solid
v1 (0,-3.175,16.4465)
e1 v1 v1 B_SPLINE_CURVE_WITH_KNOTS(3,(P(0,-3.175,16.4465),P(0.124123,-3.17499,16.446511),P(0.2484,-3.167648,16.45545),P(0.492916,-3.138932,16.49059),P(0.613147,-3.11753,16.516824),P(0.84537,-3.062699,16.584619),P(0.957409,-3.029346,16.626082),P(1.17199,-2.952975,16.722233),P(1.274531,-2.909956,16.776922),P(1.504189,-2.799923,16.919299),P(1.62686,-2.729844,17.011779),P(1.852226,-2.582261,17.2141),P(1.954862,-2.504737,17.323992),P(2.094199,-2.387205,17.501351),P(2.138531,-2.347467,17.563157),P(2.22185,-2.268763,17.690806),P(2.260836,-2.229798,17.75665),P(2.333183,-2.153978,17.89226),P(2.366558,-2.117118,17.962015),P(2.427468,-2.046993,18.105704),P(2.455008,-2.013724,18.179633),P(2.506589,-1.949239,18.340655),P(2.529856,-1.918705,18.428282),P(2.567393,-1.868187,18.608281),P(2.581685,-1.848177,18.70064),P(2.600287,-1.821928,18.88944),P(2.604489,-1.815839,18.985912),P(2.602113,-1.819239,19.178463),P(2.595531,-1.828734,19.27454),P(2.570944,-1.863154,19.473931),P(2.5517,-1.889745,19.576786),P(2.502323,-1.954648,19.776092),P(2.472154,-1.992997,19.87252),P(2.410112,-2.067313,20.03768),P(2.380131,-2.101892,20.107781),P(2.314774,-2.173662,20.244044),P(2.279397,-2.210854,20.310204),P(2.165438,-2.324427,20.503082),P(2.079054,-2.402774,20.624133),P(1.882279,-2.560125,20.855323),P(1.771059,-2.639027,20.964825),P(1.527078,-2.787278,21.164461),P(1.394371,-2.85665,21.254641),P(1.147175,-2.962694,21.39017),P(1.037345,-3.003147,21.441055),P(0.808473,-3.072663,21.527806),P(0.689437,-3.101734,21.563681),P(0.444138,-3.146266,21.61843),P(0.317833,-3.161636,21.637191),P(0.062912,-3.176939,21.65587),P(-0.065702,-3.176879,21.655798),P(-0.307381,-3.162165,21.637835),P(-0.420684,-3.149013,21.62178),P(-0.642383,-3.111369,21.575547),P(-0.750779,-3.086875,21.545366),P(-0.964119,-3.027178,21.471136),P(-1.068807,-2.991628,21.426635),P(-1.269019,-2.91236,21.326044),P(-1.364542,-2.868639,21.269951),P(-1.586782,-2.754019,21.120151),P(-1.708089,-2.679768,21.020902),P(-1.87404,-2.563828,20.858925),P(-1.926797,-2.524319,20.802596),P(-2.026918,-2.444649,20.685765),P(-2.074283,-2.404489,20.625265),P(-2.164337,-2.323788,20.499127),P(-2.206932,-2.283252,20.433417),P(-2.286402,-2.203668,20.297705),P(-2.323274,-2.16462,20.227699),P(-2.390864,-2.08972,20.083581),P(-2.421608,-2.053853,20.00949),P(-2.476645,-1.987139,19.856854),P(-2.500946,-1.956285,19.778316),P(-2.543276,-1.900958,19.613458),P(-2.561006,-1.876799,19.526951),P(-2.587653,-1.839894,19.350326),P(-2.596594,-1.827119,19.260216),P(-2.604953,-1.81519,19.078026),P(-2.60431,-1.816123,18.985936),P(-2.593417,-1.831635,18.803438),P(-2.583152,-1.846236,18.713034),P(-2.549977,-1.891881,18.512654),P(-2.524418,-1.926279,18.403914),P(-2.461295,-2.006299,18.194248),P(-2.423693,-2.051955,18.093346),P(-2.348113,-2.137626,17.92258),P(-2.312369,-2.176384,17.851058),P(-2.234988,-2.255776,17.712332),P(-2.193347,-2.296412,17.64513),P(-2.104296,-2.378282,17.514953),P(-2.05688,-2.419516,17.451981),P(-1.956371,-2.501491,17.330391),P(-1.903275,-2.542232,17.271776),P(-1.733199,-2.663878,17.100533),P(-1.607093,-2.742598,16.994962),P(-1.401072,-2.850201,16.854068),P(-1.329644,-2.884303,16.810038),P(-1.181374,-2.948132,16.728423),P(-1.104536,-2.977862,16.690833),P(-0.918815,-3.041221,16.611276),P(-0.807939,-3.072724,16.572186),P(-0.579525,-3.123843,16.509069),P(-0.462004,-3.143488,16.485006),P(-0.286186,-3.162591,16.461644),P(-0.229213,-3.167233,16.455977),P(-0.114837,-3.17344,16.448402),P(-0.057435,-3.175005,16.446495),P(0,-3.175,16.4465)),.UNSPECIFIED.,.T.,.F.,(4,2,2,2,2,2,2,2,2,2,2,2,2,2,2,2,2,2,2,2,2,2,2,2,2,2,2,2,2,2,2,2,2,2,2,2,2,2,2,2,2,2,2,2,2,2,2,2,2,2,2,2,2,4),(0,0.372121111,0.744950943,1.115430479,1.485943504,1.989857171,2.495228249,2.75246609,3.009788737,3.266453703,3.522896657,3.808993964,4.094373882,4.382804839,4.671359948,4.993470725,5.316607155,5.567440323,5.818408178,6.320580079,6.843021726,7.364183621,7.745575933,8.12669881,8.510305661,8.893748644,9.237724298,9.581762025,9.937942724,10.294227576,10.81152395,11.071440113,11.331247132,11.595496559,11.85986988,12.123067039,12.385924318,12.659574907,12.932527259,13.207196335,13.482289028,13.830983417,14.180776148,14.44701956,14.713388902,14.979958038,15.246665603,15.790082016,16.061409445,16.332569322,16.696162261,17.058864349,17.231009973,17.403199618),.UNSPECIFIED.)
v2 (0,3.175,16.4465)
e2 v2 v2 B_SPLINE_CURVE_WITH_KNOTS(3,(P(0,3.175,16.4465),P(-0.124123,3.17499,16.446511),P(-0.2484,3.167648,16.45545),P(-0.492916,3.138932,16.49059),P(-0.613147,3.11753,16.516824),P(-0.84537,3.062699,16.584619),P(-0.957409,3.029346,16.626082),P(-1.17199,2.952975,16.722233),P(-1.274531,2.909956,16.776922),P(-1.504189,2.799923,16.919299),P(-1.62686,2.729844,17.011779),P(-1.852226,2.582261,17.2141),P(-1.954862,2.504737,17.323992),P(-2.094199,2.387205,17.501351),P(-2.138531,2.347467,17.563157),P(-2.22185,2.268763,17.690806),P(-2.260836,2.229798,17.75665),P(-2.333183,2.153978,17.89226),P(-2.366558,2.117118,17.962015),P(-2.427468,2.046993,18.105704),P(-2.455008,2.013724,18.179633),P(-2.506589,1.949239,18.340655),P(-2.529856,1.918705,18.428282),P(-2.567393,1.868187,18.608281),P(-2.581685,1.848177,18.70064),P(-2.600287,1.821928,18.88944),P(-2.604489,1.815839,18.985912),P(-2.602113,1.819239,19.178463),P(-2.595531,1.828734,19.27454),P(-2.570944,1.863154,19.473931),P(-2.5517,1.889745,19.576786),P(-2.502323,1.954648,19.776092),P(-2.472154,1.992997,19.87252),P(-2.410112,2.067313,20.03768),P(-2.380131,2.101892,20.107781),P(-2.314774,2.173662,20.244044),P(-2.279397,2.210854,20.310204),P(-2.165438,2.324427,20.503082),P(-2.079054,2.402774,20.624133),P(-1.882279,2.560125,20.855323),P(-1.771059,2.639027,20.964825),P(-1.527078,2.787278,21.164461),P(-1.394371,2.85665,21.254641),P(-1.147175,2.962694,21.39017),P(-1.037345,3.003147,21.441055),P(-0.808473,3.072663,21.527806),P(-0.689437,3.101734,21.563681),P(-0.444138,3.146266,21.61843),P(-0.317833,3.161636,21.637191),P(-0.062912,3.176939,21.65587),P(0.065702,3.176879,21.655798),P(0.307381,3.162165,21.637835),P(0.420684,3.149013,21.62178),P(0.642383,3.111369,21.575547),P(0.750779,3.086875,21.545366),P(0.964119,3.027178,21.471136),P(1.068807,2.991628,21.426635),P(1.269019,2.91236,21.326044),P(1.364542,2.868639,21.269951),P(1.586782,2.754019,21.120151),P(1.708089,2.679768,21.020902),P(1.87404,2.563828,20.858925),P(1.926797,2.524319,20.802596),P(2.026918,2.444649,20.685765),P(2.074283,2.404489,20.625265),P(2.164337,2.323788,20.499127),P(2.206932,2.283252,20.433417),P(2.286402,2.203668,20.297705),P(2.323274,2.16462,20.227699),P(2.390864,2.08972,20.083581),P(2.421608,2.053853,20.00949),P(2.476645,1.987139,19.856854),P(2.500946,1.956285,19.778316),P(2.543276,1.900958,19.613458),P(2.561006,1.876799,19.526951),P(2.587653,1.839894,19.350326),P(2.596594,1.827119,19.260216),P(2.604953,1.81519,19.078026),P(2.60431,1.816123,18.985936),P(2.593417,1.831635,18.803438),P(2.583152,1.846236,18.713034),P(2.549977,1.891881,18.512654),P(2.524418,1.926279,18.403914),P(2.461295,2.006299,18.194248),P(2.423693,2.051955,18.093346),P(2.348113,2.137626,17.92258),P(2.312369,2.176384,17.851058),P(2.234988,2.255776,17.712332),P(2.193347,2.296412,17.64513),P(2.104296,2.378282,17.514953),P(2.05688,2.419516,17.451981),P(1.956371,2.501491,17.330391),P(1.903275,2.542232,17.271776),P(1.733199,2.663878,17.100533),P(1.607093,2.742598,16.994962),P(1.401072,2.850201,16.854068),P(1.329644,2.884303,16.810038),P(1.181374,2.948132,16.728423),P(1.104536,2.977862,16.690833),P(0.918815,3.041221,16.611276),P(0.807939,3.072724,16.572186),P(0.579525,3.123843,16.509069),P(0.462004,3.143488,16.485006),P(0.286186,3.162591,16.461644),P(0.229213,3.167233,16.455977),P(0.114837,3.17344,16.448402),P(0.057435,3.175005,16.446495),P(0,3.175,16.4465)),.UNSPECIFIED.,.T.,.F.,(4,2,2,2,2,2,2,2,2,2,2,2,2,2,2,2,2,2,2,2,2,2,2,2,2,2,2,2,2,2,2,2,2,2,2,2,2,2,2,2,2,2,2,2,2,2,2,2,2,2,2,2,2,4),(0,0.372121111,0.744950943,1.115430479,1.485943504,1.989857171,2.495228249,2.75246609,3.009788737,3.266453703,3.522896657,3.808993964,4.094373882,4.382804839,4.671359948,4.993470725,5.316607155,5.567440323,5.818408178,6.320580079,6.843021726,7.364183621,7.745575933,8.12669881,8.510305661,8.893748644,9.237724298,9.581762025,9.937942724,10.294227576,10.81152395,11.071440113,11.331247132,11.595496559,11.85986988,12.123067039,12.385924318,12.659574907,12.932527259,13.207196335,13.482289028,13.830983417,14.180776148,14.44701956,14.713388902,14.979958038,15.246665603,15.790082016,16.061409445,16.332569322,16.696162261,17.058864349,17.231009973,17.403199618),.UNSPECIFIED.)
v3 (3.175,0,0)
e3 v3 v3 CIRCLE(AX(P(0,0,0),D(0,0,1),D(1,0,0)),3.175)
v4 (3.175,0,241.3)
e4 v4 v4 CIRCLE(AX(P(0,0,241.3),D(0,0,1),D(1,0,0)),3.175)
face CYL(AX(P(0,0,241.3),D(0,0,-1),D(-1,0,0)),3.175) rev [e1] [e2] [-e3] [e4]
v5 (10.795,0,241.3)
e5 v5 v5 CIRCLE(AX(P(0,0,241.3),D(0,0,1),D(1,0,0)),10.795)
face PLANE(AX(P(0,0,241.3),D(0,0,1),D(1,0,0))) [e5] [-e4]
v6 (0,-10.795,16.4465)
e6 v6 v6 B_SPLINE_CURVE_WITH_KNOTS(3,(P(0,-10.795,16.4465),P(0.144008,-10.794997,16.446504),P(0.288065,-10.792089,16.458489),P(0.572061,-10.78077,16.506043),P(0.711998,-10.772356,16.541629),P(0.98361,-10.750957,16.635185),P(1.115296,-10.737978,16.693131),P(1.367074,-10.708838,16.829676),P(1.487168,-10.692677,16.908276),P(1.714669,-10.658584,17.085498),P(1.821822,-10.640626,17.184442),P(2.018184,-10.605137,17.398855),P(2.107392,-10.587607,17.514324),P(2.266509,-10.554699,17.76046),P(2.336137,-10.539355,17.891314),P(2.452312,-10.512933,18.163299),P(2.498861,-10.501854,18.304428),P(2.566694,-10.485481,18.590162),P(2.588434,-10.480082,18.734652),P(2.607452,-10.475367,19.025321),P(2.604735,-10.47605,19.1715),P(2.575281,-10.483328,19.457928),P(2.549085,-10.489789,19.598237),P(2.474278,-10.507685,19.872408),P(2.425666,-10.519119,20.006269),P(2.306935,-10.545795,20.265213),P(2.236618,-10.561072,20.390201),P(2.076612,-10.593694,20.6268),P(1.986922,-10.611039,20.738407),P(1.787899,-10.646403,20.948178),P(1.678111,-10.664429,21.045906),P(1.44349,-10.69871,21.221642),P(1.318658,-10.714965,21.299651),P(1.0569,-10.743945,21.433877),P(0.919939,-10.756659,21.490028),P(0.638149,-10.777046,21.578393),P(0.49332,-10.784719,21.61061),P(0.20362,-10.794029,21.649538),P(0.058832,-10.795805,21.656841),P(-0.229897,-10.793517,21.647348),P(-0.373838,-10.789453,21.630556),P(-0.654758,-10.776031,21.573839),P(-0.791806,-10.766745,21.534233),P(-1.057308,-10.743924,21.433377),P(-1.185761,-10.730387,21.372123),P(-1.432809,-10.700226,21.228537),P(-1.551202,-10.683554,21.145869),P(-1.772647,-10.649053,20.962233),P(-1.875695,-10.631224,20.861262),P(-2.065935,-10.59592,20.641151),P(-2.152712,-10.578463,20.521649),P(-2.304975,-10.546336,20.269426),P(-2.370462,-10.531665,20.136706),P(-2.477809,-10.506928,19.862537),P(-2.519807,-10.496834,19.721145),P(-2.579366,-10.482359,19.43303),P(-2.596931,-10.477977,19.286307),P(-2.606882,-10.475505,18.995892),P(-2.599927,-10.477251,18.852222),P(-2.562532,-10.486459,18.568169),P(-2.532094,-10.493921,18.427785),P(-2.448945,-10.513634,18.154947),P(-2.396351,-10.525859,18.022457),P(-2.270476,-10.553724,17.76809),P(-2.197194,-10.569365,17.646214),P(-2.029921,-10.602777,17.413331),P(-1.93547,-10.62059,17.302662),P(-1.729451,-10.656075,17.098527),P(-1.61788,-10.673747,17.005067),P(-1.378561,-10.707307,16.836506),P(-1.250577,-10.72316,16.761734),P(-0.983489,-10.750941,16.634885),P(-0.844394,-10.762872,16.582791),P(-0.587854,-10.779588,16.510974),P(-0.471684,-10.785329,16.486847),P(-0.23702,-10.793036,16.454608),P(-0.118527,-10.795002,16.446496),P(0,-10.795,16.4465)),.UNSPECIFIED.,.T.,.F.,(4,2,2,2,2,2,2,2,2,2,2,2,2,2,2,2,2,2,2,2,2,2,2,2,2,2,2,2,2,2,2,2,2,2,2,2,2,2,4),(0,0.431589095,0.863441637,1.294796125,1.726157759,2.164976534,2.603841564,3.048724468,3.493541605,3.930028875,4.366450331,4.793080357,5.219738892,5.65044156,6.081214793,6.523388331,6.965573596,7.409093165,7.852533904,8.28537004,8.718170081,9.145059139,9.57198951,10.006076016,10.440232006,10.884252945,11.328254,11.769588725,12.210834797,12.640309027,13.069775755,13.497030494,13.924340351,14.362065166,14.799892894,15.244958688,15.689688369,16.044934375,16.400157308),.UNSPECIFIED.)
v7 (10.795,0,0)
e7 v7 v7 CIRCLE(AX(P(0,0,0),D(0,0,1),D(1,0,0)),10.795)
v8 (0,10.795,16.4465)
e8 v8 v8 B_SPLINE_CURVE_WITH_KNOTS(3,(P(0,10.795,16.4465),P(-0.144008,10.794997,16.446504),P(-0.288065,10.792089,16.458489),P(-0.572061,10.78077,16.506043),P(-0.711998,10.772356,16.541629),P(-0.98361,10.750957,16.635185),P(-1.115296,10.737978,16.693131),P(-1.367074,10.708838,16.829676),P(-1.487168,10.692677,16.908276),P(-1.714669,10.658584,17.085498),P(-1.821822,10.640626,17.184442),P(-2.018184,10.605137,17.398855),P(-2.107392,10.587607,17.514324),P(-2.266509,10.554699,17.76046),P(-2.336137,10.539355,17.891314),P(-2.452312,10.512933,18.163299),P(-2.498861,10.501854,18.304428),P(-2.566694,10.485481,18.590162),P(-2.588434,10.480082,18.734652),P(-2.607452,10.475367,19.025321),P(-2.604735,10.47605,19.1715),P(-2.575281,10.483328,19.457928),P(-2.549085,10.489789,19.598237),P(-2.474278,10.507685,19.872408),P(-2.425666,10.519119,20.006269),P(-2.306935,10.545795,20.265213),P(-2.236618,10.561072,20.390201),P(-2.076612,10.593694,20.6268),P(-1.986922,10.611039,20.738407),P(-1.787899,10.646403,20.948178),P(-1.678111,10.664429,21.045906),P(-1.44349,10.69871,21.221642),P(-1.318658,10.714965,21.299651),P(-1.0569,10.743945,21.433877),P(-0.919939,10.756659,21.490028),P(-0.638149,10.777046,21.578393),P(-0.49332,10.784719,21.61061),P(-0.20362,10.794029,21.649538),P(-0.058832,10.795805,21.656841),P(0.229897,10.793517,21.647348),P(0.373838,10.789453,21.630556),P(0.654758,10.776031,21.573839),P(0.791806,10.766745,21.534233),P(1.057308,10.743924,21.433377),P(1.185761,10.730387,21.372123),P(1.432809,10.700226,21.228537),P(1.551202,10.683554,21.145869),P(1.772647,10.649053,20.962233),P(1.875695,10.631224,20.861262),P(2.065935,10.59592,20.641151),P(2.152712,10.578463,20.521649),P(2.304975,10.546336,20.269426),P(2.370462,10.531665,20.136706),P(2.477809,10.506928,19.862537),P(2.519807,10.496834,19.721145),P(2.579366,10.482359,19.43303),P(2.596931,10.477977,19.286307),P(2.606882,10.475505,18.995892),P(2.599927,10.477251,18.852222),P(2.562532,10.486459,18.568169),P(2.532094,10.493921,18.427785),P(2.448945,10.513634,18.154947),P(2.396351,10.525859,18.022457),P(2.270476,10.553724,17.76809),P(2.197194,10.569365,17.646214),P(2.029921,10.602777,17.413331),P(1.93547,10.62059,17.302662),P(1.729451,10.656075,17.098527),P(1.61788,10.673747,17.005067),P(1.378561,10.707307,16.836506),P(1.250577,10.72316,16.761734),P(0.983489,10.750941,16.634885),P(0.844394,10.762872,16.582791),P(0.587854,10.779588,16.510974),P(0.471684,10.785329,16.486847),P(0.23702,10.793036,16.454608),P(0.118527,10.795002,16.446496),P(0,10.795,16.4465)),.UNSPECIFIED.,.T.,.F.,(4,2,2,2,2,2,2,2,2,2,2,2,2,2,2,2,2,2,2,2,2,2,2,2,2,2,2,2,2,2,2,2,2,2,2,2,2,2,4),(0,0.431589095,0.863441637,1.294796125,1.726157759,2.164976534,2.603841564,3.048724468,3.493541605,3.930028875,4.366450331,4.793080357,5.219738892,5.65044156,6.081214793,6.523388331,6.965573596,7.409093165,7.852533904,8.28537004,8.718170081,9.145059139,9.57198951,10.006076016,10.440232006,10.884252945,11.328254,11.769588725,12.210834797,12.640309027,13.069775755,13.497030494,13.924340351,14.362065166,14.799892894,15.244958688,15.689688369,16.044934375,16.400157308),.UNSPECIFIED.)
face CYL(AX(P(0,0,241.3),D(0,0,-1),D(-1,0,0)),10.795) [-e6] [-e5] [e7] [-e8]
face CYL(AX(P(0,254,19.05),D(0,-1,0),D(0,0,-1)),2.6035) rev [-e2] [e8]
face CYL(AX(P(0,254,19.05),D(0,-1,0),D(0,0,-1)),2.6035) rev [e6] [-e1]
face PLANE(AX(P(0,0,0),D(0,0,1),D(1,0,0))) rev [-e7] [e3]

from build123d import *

# Parameters (mm, degrees)
SKETCH1_R               = 10.795
SKETCH1_R_2             = 3.175
BOSS_EXTRUDE1_DEPTH     = 241.3
CUT_EXTRUDE1_DEPTH      = 254
CUT_EXTRUDE1_DEPTH_BACK = 254
SKETCH2_R               = 2.6035


with BuildPart() as part:
    # Sketch1 → Boss-Extrude1 (new body)
    with BuildSketch(Plane.XY):
        Circle(SKETCH1_R)
        Circle(SKETCH1_R_2, mode=Mode.SUBTRACT)
    extrude(amount=BOSS_EXTRUDE1_DEPTH)

    # Sketch2 → Cut-Extrude1 (cut, two sides: drawn at the far end of the back side and taken through both)
    with BuildSketch(Plane(origin=(0, 0, 0), x_dir=(1, 0, 0), z_dir=(0, 1, 0)).offset(-CUT_EXTRUDE1_DEPTH_BACK)):
        with Locations((0, -19.05)):
            Circle(SKETCH2_R)
    extrude(amount=CUT_EXTRUDE1_DEPTH + CUT_EXTRUDE1_DEPTH_BACK, mode=Mode.SUBTRACT)


solid = part.part
